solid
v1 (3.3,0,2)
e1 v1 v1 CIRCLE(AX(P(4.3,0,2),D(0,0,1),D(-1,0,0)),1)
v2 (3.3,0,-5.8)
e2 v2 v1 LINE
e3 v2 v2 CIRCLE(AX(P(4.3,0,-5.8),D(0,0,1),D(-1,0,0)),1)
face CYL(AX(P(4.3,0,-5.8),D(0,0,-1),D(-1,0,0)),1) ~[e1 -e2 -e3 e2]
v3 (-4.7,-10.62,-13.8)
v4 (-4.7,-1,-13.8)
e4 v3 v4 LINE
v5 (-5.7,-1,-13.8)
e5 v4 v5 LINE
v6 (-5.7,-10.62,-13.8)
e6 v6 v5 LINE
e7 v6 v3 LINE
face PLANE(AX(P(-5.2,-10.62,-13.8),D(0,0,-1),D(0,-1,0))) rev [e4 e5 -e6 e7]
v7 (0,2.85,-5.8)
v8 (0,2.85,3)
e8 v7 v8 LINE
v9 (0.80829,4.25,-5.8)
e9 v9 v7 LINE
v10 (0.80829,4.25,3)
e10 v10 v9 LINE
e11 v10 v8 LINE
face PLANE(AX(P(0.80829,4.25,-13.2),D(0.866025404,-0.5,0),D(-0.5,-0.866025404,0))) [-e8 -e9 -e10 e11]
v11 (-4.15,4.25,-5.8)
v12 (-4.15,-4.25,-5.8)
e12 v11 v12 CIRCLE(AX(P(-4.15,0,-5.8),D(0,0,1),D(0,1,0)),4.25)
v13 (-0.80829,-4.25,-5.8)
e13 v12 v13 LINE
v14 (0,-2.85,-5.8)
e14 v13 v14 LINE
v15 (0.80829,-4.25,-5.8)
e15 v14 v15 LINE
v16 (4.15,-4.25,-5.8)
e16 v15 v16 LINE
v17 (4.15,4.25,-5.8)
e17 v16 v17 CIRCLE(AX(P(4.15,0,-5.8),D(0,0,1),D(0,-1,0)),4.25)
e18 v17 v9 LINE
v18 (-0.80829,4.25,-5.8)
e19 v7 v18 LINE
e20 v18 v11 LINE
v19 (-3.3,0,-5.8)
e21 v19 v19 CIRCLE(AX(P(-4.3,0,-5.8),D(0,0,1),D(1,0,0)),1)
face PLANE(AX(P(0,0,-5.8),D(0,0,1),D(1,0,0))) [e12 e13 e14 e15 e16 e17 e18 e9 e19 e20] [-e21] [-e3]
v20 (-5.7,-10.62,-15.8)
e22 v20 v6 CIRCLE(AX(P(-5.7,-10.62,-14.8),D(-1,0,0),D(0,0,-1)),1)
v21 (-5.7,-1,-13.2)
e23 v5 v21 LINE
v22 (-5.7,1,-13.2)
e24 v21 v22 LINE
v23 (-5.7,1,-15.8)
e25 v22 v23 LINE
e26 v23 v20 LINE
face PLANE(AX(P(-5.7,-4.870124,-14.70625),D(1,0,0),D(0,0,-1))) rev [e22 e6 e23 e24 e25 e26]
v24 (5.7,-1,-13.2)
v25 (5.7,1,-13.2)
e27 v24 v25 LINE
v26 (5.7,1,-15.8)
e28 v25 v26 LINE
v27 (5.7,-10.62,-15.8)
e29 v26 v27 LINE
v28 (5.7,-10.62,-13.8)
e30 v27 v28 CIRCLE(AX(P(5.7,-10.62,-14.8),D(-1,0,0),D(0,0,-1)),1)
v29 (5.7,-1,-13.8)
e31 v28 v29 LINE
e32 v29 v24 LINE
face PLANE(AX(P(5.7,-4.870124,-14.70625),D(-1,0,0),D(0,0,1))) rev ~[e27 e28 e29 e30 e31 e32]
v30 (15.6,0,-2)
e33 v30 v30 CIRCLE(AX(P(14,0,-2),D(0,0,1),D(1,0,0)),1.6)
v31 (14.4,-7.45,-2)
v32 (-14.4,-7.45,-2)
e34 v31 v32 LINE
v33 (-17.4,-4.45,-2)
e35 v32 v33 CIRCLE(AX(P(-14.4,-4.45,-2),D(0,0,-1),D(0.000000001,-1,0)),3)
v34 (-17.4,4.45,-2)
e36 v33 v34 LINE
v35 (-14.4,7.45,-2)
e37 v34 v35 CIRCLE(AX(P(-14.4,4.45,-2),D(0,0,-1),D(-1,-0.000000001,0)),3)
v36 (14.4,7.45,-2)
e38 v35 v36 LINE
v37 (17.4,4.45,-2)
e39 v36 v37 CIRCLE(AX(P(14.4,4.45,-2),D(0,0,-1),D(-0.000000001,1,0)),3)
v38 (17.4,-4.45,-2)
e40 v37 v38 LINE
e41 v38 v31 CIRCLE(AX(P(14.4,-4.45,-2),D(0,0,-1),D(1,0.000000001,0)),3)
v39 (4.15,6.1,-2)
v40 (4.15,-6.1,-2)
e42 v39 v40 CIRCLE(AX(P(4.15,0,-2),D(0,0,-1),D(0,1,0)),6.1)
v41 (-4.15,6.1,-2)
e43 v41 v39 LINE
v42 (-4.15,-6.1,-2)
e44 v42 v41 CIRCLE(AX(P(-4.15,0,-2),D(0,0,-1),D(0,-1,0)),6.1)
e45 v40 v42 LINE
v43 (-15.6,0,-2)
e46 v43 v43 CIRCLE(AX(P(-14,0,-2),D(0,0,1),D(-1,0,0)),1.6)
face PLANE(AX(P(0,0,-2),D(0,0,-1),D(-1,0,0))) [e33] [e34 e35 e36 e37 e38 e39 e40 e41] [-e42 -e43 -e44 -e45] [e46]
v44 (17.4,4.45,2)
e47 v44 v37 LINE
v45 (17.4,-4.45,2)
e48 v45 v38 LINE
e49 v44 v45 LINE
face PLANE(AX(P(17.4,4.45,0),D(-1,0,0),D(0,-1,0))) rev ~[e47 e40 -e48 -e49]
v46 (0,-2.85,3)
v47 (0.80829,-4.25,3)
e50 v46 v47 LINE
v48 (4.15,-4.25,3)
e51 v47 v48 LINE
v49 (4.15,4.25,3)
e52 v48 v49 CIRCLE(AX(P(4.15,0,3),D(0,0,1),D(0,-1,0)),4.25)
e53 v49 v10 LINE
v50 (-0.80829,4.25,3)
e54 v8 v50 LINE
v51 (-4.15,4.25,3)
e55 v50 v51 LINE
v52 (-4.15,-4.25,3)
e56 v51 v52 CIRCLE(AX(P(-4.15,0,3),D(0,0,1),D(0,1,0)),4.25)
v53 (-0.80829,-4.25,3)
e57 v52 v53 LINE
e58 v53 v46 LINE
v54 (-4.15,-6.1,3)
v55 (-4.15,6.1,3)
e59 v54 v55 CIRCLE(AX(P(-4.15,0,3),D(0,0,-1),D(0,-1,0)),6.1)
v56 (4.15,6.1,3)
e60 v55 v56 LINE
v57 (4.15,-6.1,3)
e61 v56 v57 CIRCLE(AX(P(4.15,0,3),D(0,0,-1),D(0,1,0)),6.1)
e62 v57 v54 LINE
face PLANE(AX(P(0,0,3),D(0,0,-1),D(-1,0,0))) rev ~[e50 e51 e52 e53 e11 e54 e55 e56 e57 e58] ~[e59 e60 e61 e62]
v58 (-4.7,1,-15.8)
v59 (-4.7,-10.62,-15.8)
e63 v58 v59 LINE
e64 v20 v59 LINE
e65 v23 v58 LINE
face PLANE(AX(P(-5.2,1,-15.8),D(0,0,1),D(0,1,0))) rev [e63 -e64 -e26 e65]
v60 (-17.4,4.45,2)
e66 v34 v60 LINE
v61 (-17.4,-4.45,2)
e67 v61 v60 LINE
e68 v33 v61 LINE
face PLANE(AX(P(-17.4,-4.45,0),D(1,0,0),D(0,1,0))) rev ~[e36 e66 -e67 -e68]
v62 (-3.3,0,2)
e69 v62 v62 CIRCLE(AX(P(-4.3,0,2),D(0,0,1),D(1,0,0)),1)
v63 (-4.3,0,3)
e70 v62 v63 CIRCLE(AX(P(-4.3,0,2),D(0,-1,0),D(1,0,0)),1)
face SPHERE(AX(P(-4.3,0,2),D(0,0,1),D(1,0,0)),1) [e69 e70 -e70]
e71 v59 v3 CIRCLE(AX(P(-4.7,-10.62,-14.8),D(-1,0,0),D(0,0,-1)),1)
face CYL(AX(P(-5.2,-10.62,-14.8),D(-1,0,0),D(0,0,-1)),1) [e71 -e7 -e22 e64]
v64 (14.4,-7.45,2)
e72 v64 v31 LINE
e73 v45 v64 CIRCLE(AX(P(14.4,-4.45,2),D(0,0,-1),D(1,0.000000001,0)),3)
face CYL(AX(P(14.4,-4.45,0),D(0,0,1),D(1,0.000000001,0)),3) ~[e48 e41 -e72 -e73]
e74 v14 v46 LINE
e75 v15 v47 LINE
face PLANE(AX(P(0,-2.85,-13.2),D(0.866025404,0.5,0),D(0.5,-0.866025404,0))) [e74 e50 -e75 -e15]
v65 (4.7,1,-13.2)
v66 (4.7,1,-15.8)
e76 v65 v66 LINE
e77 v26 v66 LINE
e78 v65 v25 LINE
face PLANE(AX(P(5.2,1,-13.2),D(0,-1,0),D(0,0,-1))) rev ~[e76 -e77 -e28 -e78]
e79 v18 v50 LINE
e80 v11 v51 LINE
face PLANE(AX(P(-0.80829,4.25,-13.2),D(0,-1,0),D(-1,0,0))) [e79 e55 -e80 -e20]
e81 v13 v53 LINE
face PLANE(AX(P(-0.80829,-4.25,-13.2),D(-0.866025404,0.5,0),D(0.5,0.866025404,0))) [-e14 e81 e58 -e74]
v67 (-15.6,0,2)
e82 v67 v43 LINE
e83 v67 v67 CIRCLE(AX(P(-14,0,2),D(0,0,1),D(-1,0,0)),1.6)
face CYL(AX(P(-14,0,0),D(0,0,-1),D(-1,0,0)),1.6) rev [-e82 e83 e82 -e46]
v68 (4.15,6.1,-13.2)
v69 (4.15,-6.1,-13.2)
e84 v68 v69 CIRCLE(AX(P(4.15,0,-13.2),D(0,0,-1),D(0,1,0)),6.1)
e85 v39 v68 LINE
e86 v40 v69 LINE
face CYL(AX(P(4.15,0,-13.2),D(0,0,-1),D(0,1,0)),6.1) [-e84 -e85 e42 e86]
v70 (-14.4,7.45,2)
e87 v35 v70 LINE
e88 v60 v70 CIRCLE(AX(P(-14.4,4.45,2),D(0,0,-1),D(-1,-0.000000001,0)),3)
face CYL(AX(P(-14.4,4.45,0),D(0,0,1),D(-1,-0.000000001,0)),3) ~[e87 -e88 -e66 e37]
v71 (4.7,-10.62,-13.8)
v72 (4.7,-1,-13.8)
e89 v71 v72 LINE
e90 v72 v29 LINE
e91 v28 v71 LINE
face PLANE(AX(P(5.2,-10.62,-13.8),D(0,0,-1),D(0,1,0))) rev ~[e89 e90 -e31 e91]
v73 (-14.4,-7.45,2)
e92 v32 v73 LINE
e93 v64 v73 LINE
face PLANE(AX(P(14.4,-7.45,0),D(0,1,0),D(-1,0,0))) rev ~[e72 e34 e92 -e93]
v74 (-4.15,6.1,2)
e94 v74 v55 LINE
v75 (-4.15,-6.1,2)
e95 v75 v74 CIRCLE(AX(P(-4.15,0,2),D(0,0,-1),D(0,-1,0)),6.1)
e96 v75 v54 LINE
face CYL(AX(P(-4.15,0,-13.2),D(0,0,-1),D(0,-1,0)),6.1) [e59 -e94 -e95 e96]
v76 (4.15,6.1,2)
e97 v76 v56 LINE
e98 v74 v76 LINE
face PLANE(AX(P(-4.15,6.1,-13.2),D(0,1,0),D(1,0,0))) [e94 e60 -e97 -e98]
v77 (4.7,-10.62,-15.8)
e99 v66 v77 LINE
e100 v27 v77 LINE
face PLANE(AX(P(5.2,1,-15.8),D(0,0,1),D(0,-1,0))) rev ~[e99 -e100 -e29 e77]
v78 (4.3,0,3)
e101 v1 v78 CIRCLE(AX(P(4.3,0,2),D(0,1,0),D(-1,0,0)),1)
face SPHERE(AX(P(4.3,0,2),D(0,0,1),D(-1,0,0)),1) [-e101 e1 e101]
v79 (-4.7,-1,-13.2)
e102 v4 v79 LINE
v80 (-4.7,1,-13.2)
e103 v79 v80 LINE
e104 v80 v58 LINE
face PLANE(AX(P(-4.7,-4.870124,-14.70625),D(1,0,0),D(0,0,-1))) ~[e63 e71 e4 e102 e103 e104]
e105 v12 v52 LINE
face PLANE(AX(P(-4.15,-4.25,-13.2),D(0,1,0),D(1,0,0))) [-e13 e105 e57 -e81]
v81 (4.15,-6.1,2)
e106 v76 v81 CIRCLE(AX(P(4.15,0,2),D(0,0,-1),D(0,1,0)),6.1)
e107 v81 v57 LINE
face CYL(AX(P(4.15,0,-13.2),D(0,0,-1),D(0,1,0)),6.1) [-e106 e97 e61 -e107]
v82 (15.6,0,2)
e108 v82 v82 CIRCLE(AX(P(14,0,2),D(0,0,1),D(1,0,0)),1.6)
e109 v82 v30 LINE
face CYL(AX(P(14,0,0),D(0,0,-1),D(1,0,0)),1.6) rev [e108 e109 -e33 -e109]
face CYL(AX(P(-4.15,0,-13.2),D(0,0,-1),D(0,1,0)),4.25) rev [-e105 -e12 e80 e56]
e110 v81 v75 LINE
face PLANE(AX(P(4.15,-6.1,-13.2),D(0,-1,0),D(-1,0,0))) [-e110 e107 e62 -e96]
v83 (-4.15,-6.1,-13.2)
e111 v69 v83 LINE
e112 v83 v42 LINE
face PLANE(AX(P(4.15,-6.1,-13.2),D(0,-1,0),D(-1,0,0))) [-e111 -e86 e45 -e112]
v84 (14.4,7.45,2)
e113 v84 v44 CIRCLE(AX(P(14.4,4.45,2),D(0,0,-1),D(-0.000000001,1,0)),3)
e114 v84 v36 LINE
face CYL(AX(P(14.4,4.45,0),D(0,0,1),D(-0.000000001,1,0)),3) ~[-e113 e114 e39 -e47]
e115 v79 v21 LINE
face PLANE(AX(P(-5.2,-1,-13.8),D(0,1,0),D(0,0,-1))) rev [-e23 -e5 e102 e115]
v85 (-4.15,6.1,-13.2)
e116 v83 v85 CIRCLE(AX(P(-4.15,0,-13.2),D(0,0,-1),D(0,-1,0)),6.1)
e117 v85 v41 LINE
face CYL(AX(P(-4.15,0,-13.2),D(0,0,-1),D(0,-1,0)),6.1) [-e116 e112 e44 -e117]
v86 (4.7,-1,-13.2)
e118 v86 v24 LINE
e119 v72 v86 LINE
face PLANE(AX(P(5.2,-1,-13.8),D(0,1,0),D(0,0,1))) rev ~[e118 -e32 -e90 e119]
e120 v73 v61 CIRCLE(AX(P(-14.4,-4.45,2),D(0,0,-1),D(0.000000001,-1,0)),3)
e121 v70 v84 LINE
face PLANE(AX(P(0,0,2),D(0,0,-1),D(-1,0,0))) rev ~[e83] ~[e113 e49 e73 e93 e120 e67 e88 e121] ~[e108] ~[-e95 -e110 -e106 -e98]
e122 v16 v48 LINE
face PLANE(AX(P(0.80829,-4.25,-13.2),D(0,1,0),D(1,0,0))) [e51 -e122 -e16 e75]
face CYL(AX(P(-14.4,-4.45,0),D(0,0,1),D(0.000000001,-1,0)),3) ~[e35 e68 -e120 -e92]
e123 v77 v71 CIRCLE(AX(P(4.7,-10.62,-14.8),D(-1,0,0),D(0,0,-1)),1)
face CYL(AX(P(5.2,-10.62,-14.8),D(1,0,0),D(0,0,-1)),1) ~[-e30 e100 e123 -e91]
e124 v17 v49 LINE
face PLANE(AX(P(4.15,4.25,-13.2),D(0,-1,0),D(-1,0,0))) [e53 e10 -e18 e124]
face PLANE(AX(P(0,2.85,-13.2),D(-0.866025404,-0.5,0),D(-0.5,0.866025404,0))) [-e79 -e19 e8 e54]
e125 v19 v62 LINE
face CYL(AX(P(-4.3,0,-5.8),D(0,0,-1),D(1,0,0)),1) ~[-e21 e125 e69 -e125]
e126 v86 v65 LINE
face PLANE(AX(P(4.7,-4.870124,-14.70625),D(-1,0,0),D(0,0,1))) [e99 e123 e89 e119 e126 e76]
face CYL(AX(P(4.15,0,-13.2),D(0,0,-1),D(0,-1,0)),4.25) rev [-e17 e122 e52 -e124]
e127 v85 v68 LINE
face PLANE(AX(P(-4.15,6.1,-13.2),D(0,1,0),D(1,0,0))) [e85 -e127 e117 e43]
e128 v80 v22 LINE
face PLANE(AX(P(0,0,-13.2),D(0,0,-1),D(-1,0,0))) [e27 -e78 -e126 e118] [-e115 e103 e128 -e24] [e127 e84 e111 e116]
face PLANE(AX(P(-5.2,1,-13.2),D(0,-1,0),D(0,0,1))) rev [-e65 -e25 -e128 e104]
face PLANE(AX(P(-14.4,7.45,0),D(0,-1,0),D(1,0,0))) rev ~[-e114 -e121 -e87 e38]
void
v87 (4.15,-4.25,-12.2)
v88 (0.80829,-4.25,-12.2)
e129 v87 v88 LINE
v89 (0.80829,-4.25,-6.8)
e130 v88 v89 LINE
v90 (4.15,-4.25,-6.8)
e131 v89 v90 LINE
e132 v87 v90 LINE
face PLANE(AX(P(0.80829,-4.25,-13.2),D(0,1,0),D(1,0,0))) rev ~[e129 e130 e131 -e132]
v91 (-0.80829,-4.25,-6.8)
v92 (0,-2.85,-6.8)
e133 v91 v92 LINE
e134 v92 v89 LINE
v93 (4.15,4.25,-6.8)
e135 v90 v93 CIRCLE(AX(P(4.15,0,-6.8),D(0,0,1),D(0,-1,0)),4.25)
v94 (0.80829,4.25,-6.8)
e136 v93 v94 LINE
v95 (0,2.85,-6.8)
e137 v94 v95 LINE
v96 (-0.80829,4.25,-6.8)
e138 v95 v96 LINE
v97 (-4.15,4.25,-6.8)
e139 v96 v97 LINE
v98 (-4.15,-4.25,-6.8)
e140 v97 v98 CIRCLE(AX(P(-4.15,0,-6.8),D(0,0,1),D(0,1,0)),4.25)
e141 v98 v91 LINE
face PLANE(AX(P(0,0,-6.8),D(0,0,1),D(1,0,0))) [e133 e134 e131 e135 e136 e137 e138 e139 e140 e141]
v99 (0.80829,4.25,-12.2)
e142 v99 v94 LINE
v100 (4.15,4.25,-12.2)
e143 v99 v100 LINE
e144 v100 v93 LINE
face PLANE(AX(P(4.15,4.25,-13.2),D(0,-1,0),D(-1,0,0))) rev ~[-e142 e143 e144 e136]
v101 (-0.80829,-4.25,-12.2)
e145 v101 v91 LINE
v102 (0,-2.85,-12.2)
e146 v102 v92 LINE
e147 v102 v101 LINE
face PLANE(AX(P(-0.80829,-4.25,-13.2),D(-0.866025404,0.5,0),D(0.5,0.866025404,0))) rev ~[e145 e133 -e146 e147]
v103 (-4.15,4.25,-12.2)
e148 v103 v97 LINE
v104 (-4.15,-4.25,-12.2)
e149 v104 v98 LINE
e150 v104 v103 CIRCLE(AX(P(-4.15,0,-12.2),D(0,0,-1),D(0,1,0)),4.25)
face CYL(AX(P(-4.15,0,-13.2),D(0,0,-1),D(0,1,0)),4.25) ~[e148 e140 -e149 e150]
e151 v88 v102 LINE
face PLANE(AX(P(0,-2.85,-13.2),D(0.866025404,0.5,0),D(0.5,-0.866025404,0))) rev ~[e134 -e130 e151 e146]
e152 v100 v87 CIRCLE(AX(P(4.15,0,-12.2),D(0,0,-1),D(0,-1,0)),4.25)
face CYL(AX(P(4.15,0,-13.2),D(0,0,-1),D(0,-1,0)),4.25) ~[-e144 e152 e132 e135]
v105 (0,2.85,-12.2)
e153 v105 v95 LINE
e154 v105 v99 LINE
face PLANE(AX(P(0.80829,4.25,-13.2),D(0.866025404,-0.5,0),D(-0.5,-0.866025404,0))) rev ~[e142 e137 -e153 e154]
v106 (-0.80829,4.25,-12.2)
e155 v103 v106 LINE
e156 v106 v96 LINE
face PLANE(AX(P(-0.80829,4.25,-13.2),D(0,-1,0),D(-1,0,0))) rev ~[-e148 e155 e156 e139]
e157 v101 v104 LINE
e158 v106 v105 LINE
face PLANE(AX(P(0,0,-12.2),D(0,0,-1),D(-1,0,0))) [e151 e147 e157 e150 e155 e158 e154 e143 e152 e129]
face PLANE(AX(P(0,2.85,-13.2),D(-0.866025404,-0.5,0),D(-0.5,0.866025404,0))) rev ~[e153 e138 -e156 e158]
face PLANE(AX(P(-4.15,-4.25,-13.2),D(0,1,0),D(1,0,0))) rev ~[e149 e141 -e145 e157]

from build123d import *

# Parameters (mm, degrees)
SKETCH1_R                = 1.6
BOSS_EXTRUDE1_DEPTH      = 2
BOSS_EXTRUDE2_DEPTH      = 1
BOSS_EXTRUDE2_DEPTH_BACK = 15.2
BOSS_EXTRUDE3_START      = -9.8
BOSS_EXTRUDE3_DEPTH      = 1
BOSS_EXTRUDE4_START      = 5.2
BOSS_EXTRUDE4_DEPTH      = 0.5
BOSS_EXTRUDE6_DEPTH      = 1
SKETCH6_R                = 1
BOSS_EXTRUDE7_DEPTH      = 8.8
FILLET1_R                = 1


with BuildPart() as part:
    # Sketch1 → Boss-Extrude1 (new, symmetric)
    with BuildSketch(Plane.XY):
        with BuildLine():
            Line((-14.4, 7.45), (14.4, 7.45))
            ThreePointArc((14.4, 7.45), (16.521320344, 6.571320344), (17.4, 4.45))
            Line((17.4, 4.45), (17.4, -4.45))
            ThreePointArc((17.4, -4.45), (16.521320344, -6.571320344), (14.4, -7.45))
            Line((14.4, -7.45), (-14.4, -7.45))
            ThreePointArc((-14.4, -7.45), (-16.521320344, -6.571320344), (-17.4, -4.45))
            Line((-17.4, -4.45), (-17.4, 4.45))
            ThreePointArc((-17.4, 4.45), (-16.521320344, 6.571320344), (-14.4, 7.45))
        make_face()
        with Locations((14, 0)):
            Circle(SKETCH1_R, mode=Mode.SUBTRACT)
        with Locations(Location((-14, 0, 0), (0, 0, 180))):
            Circle(SKETCH1_R, mode=Mode.SUBTRACT)
        with BuildLine():
            Line((-4.15, 4.25), (-0.808290377, 4.25))
            Line((-0.808290377, 4.25), (0, 2.85))
            Line((0, 2.85), (0.808290377, 4.25))
            Line((0.808290377, 4.25), (4.15, 4.25))
            ThreePointArc((4.15, 4.25), (8.4, 0), (4.15, -4.25))
            Line((4.15, -4.25), (0.808290377, -4.25))
            Line((0.808290377, -4.25), (0, -2.85))
            Line((0, -2.85), (-0.808290377, -4.25))
            Line((-0.808290377, -4.25), (-4.15, -4.25))
            ThreePointArc((-4.15, -4.25), (-8.4, 0), (-4.15, 4.25))
        make_face(mode=Mode.SUBTRACT)
    extrude(amount=BOSS_EXTRUDE1_DEPTH, both=True)

    # Sketch2 → Boss-Extrude2 (add, two sides: drawn at the far end of the back side and taken through both)
    with BuildSketch(Plane.XY.offset(2).offset(-BOSS_EXTRUDE2_DEPTH_BACK)):
        with BuildLine():
            Line((-4.15, 6.1), (4.15, 6.1))
            ThreePointArc((4.15, 6.1), (10.25, 0), (4.15, -6.1))
            Line((4.15, -6.1), (-4.15, -6.1))
            ThreePointArc((-4.15, -6.1), (-10.25, 0), (-4.15, 6.1))
        make_face()
        with BuildLine():
            Line((0.808290377, 4.25), (0, 2.85))
            Line((0, 2.85), (-0.808290377, 4.25))
            Line((-0.808290377, 4.25), (-4.15, 4.25))
            ThreePointArc((-4.15, 4.25), (-8.4, 0), (-4.15, -4.25))
            Line((-4.15, -4.25), (-0.808290377, -4.25))
            Line((-0.808290377, -4.25), (0, -2.85))
            Line((0, -2.85), (0.808290377, -4.25))
            Line((0.808290377, -4.25), (4.15, -4.25))
            ThreePointArc((4.15, -4.25), (8.4, 0), (4.15, 4.25))
            Line((4.15, 4.25), (0.808290377, 4.25))
        make_face(mode=Mode.SUBTRACT)
    extrude(amount=BOSS_EXTRUDE2_DEPTH + BOSS_EXTRUDE2_DEPTH_BACK)

    # Sketch3 → Boss-Extrude3 (add)
    with BuildSketch(Plane.XY.offset(3).offset(BOSS_EXTRUDE3_START)):
        with BuildLine():
            Line((0.808290377, 4.25), (0, 2.85))
            Line((0, 2.85), (-0.808290377, 4.25))
            Line((-0.808290377, 4.25), (-4.15, 4.25))
            ThreePointArc((-4.15, 4.25), (-8.4, 0), (-4.15, -4.25))
            Line((-4.15, -4.25), (-0.808290377, -4.25))
            Line((-0.808290377, -4.25), (0, -2.85))
            Line((0, -2.85), (0.808290377, -4.25))
            Line((0.808290377, -4.25), (4.15, -4.25))
            ThreePointArc((4.15, -4.25), (8.4, 0), (4.15, 4.25))
            Line((4.15, 4.25), (0.808290377, 4.25))
        make_face()
    extrude(amount=BOSS_EXTRUDE3_DEPTH)



with BuildPart() as body_2:
    # Sketch4 → Boss-Extrude4 (new, symmetric)
    with BuildSketch(Plane(origin=(0, 0, 0), x_dir=(0, 0, -1), z_dir=(1, 0, 0)).offset(BOSS_EXTRUDE4_START)):
        with BuildLine():
            Line((13.2, 1), (15.8, 1))
            Line((15.8, 1), (15.8, -10.62))
            ThreePointArc((15.8, -10.62), (14.8, -11.62), (13.8, -10.62))
            Line((13.8, -10.62), (13.8, -1))
            Line((13.8, -1), (13.2, -1))
            Line((13.2, -1), (13.2, 1))
        make_face()
    boss_extrude4 = extrude(amount=BOSS_EXTRUDE4_DEPTH, both=True)


with BuildPart() as part_1:
    add(part.part)

    add(body_2.part)  # Boss-Extrude6 merges body 2
    # Sketch5 → Boss-Extrude6 (add)
    with BuildSketch(Plane(origin=(0, 0, -13.2), x_dir=(-1, 0, 0), z_dir=(0, 0, -1))):
        with BuildLine():
            Line((4.15, 6.1), (-4.15, 6.1))
            ThreePointArc((-4.15, 6.1), (-10.25, 0), (-4.15, -6.1))
            Line((-4.15, -6.1), (4.15, -6.1))
            ThreePointArc((4.15, -6.1), (10.25, 0), (4.15, 6.1))
        make_face()
    extrude(amount=-BOSS_EXTRUDE6_DEPTH)

    # Mirror2: Boss-Extrude4 across plane
    add(boss_extrude4.mirror(Plane(origin=(0, 0, 0), x_dir=(0, 0, 1), z_dir=(1, 0, 0))))

    # Sketch6 → Boss-Extrude7 (add)
    with BuildSketch(Plane.XY.offset(-5.8)):
        with Locations((-4.3, 0)):
            Circle(SKETCH6_R)
        with Locations(Location((4.3, 0, 0), (0, 0, 180))):
            Circle(SKETCH6_R)
    extrude(amount=BOSS_EXTRUDE7_DEPTH)

    # Fillet1
    fillet1_edges = [part_1.edges().sort_by_distance(p)[0] for p in [
        (-5.3, 0, 3),
        (5.3, 0, 3),
    ]]
    fillet(fillet1_edges, radius=FILLET1_R)


solid = part_1.part
